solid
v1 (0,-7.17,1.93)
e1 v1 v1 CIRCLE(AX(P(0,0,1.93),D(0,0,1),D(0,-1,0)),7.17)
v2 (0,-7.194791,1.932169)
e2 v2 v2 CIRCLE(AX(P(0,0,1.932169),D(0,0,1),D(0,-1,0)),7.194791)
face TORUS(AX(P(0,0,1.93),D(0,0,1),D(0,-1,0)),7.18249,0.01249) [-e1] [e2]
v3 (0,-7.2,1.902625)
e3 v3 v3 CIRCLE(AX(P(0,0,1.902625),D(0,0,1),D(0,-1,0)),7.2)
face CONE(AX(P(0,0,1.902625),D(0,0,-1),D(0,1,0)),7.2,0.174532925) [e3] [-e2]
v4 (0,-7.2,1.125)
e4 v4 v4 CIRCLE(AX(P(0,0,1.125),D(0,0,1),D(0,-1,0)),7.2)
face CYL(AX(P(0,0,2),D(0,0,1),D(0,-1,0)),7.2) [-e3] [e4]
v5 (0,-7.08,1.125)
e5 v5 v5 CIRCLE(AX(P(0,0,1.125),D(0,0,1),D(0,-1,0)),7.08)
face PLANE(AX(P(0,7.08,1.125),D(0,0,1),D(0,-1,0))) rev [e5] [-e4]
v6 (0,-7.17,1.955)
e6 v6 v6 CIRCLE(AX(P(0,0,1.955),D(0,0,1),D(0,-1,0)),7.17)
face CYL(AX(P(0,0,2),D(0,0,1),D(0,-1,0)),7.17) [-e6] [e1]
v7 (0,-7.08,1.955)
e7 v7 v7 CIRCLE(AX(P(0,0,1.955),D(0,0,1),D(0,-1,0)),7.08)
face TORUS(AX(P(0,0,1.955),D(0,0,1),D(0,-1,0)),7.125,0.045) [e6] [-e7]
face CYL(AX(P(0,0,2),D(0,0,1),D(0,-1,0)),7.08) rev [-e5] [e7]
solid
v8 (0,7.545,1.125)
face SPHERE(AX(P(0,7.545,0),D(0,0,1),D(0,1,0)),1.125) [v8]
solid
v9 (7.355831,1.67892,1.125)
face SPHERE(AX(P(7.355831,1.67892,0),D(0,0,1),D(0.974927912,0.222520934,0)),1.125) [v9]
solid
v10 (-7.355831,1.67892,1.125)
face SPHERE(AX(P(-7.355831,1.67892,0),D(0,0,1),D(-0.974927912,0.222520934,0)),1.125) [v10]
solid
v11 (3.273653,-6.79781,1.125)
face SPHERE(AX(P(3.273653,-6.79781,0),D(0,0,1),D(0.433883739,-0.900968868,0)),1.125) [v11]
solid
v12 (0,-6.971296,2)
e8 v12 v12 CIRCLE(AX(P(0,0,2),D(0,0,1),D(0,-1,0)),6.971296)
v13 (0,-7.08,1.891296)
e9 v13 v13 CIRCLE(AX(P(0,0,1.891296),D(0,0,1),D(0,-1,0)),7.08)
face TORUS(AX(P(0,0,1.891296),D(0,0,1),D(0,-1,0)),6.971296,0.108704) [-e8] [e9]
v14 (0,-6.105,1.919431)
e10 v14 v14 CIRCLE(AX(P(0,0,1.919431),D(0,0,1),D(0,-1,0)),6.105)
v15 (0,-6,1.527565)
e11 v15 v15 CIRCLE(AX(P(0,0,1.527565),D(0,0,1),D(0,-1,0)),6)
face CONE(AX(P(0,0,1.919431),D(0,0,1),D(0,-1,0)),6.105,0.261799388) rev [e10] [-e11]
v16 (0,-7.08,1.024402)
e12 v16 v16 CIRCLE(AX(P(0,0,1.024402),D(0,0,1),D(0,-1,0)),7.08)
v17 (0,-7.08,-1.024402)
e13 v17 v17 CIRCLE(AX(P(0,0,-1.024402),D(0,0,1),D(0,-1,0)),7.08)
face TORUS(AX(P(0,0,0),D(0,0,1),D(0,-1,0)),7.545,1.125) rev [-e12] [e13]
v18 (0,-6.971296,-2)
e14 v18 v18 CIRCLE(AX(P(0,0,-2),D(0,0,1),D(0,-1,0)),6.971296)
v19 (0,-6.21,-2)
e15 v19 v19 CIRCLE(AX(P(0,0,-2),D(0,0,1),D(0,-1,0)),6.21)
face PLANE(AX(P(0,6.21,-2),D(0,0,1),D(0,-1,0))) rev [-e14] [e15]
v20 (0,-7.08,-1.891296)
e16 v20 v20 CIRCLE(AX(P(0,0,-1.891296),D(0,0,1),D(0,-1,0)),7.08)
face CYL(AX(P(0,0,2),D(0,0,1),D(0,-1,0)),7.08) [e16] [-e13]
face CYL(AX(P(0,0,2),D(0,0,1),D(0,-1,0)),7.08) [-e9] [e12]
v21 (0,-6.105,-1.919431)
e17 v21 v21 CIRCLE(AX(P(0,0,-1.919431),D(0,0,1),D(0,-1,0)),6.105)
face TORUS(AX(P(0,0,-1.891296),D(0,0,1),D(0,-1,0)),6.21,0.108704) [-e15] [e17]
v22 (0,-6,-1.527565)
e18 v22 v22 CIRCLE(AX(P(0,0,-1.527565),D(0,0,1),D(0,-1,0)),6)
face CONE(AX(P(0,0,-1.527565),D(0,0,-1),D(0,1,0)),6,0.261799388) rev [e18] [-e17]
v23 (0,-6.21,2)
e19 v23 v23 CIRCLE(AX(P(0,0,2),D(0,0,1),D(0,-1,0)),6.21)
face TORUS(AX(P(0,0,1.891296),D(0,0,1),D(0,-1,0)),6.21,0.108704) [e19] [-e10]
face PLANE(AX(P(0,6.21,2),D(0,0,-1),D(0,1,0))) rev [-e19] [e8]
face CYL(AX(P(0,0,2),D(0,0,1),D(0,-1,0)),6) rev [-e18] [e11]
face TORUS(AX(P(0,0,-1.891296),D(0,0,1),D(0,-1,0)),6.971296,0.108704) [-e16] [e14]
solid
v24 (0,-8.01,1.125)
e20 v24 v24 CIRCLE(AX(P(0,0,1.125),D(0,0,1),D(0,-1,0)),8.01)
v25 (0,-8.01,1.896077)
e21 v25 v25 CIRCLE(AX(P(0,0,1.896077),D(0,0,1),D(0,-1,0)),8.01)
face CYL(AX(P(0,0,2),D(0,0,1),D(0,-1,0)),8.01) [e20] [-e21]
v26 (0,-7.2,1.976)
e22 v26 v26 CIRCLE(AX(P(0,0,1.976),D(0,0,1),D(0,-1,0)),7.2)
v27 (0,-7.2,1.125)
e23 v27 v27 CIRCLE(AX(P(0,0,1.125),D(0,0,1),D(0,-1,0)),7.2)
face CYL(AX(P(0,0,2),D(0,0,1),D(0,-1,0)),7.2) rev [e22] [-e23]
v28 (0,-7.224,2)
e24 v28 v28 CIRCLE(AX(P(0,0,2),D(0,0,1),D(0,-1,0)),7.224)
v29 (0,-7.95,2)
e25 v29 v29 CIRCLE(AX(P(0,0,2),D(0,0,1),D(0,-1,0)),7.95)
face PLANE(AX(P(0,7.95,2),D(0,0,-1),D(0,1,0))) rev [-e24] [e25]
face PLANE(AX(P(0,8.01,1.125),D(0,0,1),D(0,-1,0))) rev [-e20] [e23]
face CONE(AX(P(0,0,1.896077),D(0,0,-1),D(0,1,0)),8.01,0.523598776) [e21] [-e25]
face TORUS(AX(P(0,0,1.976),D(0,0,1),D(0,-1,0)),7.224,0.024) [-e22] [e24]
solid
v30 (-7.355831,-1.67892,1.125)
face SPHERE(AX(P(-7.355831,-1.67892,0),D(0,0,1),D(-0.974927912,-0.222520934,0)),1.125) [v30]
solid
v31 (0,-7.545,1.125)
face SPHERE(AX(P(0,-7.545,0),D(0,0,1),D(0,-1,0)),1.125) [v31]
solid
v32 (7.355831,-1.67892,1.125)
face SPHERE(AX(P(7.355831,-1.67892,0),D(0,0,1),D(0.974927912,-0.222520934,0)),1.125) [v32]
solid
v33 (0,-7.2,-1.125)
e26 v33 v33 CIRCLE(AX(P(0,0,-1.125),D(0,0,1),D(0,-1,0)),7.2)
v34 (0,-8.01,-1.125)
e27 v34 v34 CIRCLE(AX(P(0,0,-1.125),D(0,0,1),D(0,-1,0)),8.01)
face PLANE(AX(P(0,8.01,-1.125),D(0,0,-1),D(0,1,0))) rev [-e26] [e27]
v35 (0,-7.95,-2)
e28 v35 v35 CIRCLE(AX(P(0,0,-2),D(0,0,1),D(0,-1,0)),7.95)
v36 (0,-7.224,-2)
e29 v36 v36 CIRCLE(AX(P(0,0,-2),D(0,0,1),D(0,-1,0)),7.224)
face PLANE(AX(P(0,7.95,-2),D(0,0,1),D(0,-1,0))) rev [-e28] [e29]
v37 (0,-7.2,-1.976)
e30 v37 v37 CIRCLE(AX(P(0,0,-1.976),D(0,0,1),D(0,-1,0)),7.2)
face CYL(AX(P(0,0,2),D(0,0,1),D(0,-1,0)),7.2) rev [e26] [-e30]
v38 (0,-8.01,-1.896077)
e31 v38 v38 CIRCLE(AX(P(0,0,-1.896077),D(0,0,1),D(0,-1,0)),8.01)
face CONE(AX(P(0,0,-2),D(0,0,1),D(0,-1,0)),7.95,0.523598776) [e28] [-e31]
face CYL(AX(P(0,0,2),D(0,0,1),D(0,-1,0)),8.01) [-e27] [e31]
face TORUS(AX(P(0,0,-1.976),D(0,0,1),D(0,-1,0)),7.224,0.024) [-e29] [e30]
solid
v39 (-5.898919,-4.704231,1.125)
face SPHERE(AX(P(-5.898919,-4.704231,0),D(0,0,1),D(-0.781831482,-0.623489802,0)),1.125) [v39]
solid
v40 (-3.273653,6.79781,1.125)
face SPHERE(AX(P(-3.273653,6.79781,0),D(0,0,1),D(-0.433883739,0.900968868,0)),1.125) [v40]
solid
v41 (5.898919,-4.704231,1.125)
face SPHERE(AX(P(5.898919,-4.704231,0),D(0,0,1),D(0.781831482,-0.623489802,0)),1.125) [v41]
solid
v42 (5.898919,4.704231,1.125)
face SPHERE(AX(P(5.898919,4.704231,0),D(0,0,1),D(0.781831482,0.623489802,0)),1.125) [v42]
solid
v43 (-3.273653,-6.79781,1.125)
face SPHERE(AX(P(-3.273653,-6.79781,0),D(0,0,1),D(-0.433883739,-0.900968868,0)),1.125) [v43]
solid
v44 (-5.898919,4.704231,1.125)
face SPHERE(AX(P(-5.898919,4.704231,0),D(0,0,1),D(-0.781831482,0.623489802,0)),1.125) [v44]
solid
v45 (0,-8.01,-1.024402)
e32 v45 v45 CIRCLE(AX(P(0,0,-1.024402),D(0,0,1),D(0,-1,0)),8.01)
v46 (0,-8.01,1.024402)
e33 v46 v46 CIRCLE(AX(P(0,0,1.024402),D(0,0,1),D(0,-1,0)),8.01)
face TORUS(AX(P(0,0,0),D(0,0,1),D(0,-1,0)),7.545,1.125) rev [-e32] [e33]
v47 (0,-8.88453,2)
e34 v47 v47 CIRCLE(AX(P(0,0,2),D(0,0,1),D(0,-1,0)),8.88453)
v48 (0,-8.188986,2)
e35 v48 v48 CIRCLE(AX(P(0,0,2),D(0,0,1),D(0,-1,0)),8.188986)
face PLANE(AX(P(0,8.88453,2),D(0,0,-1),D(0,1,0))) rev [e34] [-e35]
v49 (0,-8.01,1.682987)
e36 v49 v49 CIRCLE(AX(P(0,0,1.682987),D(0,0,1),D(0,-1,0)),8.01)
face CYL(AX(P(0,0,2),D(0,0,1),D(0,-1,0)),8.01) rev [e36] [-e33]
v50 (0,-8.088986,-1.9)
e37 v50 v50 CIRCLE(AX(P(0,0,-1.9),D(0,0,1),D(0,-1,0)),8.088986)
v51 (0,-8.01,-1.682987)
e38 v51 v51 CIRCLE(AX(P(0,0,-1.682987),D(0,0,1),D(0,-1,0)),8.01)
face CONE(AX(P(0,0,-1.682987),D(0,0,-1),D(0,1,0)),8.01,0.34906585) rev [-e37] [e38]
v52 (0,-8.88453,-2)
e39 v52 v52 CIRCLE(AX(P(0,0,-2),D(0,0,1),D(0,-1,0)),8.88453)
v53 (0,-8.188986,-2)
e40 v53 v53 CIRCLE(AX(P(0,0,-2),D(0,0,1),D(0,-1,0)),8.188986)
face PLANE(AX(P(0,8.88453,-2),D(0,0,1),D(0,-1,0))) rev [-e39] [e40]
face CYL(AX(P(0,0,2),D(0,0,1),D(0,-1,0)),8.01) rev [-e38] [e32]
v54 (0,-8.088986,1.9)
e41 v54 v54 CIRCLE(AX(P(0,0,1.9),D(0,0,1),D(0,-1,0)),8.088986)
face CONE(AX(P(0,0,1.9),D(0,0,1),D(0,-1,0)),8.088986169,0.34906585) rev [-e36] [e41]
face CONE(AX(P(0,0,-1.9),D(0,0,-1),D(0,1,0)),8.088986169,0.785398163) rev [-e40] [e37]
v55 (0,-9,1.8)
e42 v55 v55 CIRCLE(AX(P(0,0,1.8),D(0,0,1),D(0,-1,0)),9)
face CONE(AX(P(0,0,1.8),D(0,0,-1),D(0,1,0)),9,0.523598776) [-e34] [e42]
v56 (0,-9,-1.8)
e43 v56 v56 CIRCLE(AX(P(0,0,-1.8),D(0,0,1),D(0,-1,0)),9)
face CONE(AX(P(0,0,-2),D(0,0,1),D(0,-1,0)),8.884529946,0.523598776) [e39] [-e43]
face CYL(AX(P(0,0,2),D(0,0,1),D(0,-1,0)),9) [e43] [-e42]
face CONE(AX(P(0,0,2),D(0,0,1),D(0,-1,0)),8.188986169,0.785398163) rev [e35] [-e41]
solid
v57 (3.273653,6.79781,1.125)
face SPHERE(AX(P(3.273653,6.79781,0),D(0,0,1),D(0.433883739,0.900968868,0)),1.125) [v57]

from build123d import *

# Parameters (mm, degrees)
CIRPATTERN1_COUNT = 14


with BuildPart() as part:
    # Sketch3 → Revolve1 (revolve)
    with BuildSketch(Plane(origin=(0, 0, 0), x_dir=(0, 0, -1), z_dir=(1, 0, 0))):
        with BuildLine():
            Line((-1.682987285, 8.01), (-1.9, 8.088986169))
            Line((-1.9, 8.088986169), (-2, 8.188986169))
            Line((-2, 8.188986169), (-2, 8.884529946))
            Line((-2, 8.884529946), (-1.8, 9))
            Line((-1.8, 9), (1.8, 9))
            Line((1.8, 9), (2, 8.884529946))
            Line((2, 8.884529946), (2, 8.188986169))
            Line((2, 8.188986169), (1.9, 8.088986169))
            Line((1.9, 8.088986169), (1.682987285, 8.01))
            Line((1.682987285, 8.01), (1.024402265, 8.01))
            ThreePointArc((1.024402265, 8.01), (0, 8.67), (-1.024402265, 8.01))
            Line((-1.024402265, 8.01), (-1.682987285, 8.01))
        make_face()
    revolve(axis=Axis((0, 0, 2), (0, 0, -1)))


with BuildPart() as body_2:
    # Sketch4 → Revolve2 (revolve)
    with BuildSketch(Plane(origin=(0, 0, 0), x_dir=(0, 0, -1), z_dir=(1, 0, 0))):
        with BuildLine():
            Line((-1.527565331, 6), (-1.919430666, 6.105))
            ThreePointArc((-1.919430666, 6.105), (-1.977536682, 6.143825198), (-2, 6.21))
            Line((-2, 6.21), (-2, 6.971296001))
            ThreePointArc((-2, 6.971296001), (-1.968161336, 7.048161336), (-1.891296001, 7.08))
            Line((-1.891296001, 7.08), (-1.024402265, 7.08))
            ThreePointArc((-1.024402265, 7.08), (0, 6.42), (1.024402265, 7.08))
            Line((1.024402265, 7.08), (1.891296001, 7.08))
            ThreePointArc((1.891296001, 7.08), (1.968161336, 7.048161336), (2, 6.971296001))
            Line((2, 6.971296001), (2, 6.21))
            ThreePointArc((2, 6.21), (1.977536682, 6.143825198), (1.919430666, 6.105))
            Line((1.919430666, 6.105), (1.527565331, 6))
            Line((1.527565331, 6), (-1.527565331, 6))
        make_face()
    revolve(axis=Axis((0, 0, 2), (0, 0, -1)))


with BuildPart() as body_3:
    # Sketch5 → Revolve3 (revolve)
    with BuildSketch(Plane(origin=(0, 0, 0), x_dir=(0, 0, -1), z_dir=(1, 0, 0))):
        with BuildLine():
            Line((-1.125, 7.545), (1.125, 7.545))
            ThreePointArc((1.125, 7.545), (0, 8.67), (-1.125, 7.545))
        make_face()
    revolve(axis=Axis((0, 7.545, 1.125), (0, 0, -1)))


with BuildPart() as cirpattern1_1:
    # CirPattern1: pattern copy
    add(body_3.part.rotate(Axis((0, 0, 0), (0, 0, 1)), 1 * 360 / CIRPATTERN1_COUNT))


with BuildPart() as cirpattern1_2:
    # CirPattern1: pattern copy
    add(body_3.part.rotate(Axis((0, 0, 0), (0, 0, 1)), 2 * 360 / CIRPATTERN1_COUNT))


with BuildPart() as cirpattern1_3:
    # CirPattern1: pattern copy
    add(body_3.part.rotate(Axis((0, 0, 0), (0, 0, 1)), 3 * 360 / CIRPATTERN1_COUNT))


with BuildPart() as cirpattern1_4:
    # CirPattern1: pattern copy
    add(body_3.part.rotate(Axis((0, 0, 0), (0, 0, 1)), 4 * 360 / CIRPATTERN1_COUNT))


with BuildPart() as cirpattern1_5:
    # CirPattern1: pattern copy
    add(body_3.part.rotate(Axis((0, 0, 0), (0, 0, 1)), 5 * 360 / CIRPATTERN1_COUNT))


with BuildPart() as cirpattern1_6:
    # CirPattern1: pattern copy
    add(body_3.part.rotate(Axis((0, 0, 0), (0, 0, 1)), 6 * 360 / CIRPATTERN1_COUNT))


with BuildPart() as cirpattern1_7:
    # CirPattern1: pattern copy
    add(body_3.part.rotate(Axis((0, 0, 0), (0, 0, 1)), 7 * 360 / CIRPATTERN1_COUNT))


with BuildPart() as cirpattern1_8:
    # CirPattern1: pattern copy
    add(body_3.part.rotate(Axis((0, 0, 0), (0, 0, 1)), 8 * 360 / CIRPATTERN1_COUNT))


with BuildPart() as cirpattern1_9:
    # CirPattern1: pattern copy
    add(body_3.part.rotate(Axis((0, 0, 0), (0, 0, 1)), 9 * 360 / CIRPATTERN1_COUNT))


with BuildPart() as cirpattern1_10:
    # CirPattern1: pattern copy
    add(body_3.part.rotate(Axis((0, 0, 0), (0, 0, 1)), 10 * 360 / CIRPATTERN1_COUNT))


with BuildPart() as cirpattern1_11:
    # CirPattern1: pattern copy
    add(body_3.part.rotate(Axis((0, 0, 0), (0, 0, 1)), 11 * 360 / CIRPATTERN1_COUNT))


with BuildPart() as cirpattern1_12:
    # CirPattern1: pattern copy
    add(body_3.part.rotate(Axis((0, 0, 0), (0, 0, 1)), 12 * 360 / CIRPATTERN1_COUNT))


with BuildPart() as cirpattern1_13:
    # CirPattern1: pattern copy
    add(body_3.part.rotate(Axis((0, 0, 0), (0, 0, 1)), 13 * 360 / CIRPATTERN1_COUNT))


with BuildPart() as body_17:
    # Sketch6 → Revolve4 (revolve)
    with BuildSketch(Plane(origin=(0, 0, 0), x_dir=(0, 0, -1), z_dir=(1, 0, 0))):
        with BuildLine():
            Line((-1.896076952, 8.01), (-1.125, 8.01))
            Line((-1.125, 8.01), (-1.125, 7.2))
            Line((-1.125, 7.2), (-1.976, 7.2))
            ThreePointArc((-1.976, 7.2), (-1.992970563, 7.207029437), (-2, 7.224))
            Line((-2, 7.224), (-2, 7.95))
            Line((-2, 7.95), (-1.896076952, 8.01))
        make_face()
        with BuildLine():
            Line((1.976, 7.2), (1.125, 7.2))
            Line((1.125, 7.2), (1.125, 8.01))
            Line((1.125, 8.01), (1.896076952, 8.01))
            Line((1.896076952, 8.01), (2, 7.95))
            Line((2, 7.95), (2, 7.224))
            ThreePointArc((2, 7.224), (1.992970563, 7.207029437), (1.976, 7.2))
        make_face()
    revolve(axis=Axis((0, 0, 2), (0, 0, -1)))


with BuildPart() as body_18:
    # Sketch7 → Revolve5 (revolve)
    with BuildSketch(Plane(origin=(0, 0, 0), x_dir=(0, 0, -1), z_dir=(1, 0, 0))):
        with BuildLine():
            Line((-1.125, 7.2), (-1.90262466, 7.2))
            Line((-1.90262466, 7.2), (-1.932168892, 7.194790555))
            ThreePointArc((-1.932168892, 7.194790555), (-1.942442625, 7.181401565), (-1.93, 7.17))
            Line((-1.93, 7.17), (-1.955, 7.17))
            ThreePointArc((-1.955, 7.17), (-2, 7.125), (-1.955, 7.08))
            Line((-1.955, 7.08), (-1.125, 7.08))
            Line((-1.125, 7.08), (-1.125, 7.2))
        make_face()
    revolve(axis=Axis((0, 0, 2), (0, 0, -1)))


solid = Compound([part.part, body_2.part, body_3.part, cirpattern1_1.part, cirpattern1_2.part, cirpattern1_3.part, cirpattern1_4.part, cirpattern1_5.part, cirpattern1_6.part, cirpattern1_7.part, cirpattern1_8.part, cirpattern1_9.part, cirpattern1_10.part, cirpattern1_11.part, cirpattern1_12.part, cirpattern1_13.part, body_17.part, body_18.part])
